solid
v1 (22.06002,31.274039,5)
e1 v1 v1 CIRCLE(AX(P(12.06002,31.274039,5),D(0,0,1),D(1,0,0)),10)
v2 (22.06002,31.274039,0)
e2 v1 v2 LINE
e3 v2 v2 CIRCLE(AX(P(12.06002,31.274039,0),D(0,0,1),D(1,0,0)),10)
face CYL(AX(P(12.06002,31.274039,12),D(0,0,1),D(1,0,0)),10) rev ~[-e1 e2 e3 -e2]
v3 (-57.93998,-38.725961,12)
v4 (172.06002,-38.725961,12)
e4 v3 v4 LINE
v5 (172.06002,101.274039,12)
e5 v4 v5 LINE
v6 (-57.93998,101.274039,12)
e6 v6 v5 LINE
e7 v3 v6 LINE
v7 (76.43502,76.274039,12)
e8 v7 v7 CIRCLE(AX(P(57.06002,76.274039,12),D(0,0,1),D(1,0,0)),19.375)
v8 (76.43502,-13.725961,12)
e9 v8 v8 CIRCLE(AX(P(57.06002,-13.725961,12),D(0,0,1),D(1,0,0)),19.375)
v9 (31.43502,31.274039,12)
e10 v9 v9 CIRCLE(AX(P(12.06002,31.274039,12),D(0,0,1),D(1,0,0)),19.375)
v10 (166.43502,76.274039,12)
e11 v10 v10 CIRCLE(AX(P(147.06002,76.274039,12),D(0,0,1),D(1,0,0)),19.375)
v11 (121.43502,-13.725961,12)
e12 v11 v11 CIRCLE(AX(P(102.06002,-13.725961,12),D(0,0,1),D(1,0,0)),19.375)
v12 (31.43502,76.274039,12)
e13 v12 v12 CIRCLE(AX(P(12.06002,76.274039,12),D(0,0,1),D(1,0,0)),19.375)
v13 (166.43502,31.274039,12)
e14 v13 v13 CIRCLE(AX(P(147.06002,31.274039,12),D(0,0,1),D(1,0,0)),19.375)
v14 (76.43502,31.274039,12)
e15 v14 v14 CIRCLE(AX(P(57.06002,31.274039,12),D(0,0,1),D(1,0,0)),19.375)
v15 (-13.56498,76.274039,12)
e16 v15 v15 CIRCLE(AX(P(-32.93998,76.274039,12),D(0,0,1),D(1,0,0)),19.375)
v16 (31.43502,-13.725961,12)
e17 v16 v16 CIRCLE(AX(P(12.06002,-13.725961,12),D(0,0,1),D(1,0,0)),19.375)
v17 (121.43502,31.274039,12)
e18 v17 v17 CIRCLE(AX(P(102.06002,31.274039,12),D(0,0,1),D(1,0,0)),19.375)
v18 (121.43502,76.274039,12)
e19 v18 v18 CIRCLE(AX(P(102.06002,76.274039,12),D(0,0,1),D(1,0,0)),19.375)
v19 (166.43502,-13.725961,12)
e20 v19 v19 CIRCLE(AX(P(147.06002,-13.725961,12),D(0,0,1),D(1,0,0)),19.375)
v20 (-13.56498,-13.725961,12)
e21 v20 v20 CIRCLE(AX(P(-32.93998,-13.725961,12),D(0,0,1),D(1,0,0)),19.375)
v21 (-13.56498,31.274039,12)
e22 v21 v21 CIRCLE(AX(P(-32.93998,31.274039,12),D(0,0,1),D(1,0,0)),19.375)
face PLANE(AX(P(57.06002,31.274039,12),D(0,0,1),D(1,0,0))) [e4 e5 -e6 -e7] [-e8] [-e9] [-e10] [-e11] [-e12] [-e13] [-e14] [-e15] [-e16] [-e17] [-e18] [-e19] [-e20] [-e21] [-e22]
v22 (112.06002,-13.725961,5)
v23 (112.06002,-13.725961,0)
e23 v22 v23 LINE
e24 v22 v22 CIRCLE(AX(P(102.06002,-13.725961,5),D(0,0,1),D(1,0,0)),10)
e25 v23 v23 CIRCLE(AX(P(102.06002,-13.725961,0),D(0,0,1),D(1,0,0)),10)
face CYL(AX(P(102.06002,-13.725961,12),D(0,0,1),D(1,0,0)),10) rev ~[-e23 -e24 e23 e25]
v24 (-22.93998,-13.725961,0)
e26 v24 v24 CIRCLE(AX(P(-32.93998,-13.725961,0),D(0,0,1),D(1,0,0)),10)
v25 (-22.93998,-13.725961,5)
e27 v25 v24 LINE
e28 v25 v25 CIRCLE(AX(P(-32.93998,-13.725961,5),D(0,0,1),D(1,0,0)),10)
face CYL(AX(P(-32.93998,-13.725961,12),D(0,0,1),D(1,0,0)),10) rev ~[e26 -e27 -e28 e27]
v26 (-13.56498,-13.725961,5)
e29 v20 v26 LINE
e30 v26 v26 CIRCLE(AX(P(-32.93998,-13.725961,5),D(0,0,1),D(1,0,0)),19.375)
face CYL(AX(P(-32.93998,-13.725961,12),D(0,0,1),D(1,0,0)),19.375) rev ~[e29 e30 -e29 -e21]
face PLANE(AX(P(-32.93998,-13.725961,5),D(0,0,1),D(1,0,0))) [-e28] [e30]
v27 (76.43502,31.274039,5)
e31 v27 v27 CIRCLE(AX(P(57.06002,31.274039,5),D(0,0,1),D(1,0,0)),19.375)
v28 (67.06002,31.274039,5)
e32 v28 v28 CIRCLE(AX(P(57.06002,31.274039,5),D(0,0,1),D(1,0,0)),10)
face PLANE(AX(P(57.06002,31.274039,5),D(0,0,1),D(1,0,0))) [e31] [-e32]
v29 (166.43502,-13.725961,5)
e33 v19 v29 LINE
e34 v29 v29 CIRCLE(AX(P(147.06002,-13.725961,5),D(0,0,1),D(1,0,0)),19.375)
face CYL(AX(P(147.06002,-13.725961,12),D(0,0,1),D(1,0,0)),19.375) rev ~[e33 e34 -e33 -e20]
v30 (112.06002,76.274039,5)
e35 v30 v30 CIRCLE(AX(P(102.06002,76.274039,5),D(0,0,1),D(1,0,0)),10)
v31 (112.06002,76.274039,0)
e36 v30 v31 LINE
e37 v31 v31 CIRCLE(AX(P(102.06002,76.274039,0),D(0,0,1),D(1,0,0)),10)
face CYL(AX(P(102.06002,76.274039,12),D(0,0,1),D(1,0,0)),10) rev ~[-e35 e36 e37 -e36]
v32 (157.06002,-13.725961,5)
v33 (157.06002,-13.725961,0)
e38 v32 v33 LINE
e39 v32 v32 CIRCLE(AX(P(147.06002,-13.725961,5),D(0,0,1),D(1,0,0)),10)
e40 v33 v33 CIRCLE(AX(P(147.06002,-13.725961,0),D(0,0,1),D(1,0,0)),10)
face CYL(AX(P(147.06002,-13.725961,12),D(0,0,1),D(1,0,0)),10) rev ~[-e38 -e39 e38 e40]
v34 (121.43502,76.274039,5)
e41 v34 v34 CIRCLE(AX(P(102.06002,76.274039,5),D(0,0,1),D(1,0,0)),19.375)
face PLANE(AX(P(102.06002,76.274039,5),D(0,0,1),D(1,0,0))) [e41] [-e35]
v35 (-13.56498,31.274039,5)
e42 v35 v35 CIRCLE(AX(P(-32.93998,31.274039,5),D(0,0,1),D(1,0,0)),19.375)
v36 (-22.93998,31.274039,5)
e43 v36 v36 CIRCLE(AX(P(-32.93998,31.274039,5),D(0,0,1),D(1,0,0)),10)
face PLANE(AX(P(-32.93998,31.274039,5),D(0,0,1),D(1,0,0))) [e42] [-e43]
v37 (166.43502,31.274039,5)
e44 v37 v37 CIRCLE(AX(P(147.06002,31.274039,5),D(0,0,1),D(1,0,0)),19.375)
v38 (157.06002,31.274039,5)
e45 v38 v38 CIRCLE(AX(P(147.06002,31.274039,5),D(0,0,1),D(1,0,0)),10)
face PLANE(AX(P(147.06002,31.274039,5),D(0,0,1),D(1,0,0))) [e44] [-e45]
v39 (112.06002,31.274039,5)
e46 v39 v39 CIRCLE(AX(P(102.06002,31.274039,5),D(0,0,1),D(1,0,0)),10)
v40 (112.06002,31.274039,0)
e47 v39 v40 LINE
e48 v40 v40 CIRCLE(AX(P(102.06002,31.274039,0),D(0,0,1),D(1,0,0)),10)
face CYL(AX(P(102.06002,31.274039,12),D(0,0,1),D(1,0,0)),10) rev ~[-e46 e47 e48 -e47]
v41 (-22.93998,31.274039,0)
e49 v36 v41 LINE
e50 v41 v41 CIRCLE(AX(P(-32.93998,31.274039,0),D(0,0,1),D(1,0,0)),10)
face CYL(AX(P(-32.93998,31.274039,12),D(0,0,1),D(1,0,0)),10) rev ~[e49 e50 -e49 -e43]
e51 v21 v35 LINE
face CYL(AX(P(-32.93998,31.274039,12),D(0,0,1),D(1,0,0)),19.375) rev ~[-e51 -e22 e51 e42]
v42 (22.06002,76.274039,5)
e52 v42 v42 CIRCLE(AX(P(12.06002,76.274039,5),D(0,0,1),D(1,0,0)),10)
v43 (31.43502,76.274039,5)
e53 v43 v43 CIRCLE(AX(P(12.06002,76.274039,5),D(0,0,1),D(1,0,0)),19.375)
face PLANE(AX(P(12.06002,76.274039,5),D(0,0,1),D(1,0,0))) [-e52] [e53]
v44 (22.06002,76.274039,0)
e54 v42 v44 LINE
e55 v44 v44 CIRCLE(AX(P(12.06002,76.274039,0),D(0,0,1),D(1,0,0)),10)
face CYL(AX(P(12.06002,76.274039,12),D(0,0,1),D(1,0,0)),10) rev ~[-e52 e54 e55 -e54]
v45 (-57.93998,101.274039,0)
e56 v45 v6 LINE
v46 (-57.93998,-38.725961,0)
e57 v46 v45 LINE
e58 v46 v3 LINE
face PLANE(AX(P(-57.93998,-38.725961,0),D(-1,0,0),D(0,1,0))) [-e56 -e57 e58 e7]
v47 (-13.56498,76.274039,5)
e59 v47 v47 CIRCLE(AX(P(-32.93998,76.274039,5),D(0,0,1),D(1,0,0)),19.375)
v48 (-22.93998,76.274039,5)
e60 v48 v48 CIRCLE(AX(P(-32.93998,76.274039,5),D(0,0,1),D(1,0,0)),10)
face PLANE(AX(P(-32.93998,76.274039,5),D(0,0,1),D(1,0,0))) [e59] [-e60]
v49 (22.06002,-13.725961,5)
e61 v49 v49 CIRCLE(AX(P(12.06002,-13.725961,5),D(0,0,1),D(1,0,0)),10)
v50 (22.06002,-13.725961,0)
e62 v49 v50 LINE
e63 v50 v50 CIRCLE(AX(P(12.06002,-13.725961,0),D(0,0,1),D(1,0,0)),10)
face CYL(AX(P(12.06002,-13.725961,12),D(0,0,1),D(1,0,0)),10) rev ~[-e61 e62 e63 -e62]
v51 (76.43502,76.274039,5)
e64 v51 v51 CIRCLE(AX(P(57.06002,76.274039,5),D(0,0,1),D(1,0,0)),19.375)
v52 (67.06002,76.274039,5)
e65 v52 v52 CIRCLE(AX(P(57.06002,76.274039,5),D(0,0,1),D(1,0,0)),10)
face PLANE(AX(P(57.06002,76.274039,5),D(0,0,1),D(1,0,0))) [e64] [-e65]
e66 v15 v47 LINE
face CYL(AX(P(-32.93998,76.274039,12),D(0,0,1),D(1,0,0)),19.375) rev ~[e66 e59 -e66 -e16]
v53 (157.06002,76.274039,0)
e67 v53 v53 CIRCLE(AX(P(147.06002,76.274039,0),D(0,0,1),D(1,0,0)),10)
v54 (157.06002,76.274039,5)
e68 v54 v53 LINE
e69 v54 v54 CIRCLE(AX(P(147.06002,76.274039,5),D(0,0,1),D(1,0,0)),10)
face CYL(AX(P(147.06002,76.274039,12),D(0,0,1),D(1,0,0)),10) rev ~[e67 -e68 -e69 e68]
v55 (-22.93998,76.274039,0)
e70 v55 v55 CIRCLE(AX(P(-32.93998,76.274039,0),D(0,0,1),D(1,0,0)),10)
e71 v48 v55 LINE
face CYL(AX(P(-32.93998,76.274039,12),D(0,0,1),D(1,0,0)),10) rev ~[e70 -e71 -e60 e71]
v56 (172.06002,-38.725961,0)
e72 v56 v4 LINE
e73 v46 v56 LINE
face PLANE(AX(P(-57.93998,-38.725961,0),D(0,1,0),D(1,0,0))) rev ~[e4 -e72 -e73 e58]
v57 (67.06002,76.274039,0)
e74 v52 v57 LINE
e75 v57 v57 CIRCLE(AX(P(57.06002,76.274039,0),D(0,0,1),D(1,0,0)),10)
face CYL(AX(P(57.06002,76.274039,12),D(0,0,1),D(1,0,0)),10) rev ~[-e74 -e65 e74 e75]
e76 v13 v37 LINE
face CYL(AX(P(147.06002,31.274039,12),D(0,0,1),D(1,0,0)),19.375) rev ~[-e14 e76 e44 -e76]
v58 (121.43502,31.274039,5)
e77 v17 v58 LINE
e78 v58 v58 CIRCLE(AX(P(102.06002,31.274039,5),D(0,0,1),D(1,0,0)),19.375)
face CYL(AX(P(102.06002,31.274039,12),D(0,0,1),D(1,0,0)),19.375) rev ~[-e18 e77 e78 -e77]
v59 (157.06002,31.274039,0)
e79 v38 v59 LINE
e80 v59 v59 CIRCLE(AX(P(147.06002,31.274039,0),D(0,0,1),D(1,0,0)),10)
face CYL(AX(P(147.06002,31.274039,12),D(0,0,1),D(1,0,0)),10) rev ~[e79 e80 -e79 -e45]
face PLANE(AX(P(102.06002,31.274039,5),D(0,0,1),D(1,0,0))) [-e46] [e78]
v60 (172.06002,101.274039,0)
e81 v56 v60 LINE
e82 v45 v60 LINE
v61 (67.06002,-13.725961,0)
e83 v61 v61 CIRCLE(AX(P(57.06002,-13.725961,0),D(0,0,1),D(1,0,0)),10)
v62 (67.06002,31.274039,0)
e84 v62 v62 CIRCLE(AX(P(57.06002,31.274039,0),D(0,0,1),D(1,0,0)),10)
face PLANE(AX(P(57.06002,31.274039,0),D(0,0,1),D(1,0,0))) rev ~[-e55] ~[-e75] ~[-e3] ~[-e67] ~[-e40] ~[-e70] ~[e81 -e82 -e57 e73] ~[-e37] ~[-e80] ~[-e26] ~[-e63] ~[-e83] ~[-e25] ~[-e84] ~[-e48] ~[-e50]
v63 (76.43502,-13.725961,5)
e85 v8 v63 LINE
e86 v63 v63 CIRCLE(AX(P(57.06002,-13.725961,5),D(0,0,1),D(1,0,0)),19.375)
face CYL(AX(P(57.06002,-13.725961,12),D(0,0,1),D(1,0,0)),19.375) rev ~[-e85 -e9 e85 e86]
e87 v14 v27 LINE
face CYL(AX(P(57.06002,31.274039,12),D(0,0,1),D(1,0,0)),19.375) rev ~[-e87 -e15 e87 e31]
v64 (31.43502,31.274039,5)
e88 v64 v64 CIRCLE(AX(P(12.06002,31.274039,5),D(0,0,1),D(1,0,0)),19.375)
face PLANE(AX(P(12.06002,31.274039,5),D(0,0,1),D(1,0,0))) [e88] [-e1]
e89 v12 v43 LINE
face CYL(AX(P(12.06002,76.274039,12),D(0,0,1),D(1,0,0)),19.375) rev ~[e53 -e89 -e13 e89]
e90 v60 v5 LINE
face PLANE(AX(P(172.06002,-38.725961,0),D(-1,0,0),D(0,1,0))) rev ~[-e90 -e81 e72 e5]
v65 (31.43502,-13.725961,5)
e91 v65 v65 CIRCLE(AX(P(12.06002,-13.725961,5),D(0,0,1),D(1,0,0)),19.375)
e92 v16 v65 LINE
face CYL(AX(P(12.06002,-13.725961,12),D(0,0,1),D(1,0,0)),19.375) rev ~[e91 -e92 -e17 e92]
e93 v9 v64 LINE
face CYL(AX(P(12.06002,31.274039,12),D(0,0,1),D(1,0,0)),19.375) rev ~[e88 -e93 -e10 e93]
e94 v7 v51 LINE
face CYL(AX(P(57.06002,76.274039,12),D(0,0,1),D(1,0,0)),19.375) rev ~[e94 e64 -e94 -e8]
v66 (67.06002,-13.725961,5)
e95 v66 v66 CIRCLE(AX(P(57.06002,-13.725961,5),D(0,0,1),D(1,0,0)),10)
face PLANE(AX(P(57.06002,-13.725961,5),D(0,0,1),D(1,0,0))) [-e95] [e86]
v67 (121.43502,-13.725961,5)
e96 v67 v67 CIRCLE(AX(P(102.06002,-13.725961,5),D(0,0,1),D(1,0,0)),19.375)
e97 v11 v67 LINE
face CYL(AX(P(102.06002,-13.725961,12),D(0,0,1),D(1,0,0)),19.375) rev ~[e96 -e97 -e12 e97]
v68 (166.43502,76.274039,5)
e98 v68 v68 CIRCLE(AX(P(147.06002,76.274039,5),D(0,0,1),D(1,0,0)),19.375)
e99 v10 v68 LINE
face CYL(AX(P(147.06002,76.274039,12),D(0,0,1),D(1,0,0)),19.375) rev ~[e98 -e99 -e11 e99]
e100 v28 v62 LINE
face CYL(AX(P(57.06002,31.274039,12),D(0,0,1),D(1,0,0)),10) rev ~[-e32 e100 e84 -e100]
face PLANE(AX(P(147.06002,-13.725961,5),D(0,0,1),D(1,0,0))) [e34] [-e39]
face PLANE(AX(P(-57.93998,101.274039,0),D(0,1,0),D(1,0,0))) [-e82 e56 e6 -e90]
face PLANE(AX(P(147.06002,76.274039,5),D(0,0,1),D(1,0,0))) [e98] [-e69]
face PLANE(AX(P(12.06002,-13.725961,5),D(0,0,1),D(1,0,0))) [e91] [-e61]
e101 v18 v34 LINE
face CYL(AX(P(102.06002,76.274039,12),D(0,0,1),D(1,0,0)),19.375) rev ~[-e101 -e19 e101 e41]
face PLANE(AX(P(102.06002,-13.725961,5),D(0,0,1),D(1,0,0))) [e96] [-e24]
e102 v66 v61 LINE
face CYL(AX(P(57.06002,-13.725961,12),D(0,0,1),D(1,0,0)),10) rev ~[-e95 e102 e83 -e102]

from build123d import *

# Parameters (mm, degrees)
F0_W     = 230
F0_H     = 140
F1_DEPTH = 12
F2_R     = 19.375
F2_R_2   = 10
F3_DEPTH = 7
F4_DEPTH = 25


with BuildPart() as f1:
    # F0 (on Top) → F1 (new body)
    with BuildSketch(Plane.XY):
        with Locations((57.0600198209, 31.2740390003)):
            Rectangle(F0_W, F0_H)
    extrude(amount=F1_DEPTH)

    # F2 (on face) → F3 (cut)
    with BuildSketch(Plane.XY.offset(12)):
        with Locations((-32.9399801791, 76.2740390003)):
            Circle(F2_R)
        with Locations((-32.9399801791, 76.2740390003)):
            Circle(F2_R_2, mode=Mode.SUBTRACT)
        with Locations((-32.9399801791, 31.2740390003)):
            Circle(F2_R)
        with Locations((-32.9399801791, 31.2740390003)):
            Circle(F2_R_2, mode=Mode.SUBTRACT)
        with Locations((-32.9399801791, -13.7259609997)):
            Circle(F2_R)
        with Locations((-32.9399801791, -13.7259609997)):
            Circle(F2_R_2, mode=Mode.SUBTRACT)
        with Locations((12.0600198209, -13.7259609997)):
            Circle(F2_R)
        with Locations((12.0600198209, -13.7259609997)):
            Circle(F2_R_2, mode=Mode.SUBTRACT)
        with Locations((12.0600198209, 31.2740390003)):
            Circle(F2_R)
        with Locations((12.0600198209, 31.2740390003)):
            Circle(F2_R_2, mode=Mode.SUBTRACT)
        with Locations((12.0600198209, 76.2740390003)):
            Circle(F2_R)
        with Locations((12.0600198209, 76.2740390003)):
            Circle(F2_R_2, mode=Mode.SUBTRACT)
        with Locations((57.0600198209, 76.2740390003)):
            Circle(F2_R)
        with Locations((57.0600198209, 76.2740390003)):
            Circle(F2_R_2, mode=Mode.SUBTRACT)
        with Locations((57.0600198209, 31.2740390003)):
            Circle(F2_R)
        with Locations((57.0600198209, 31.2740390003)):
            Circle(F2_R_2, mode=Mode.SUBTRACT)
        with Locations((57.0600198209, -13.7259609997)):
            Circle(F2_R)
        with Locations((57.0600198209, -13.7259609997)):
            Circle(F2_R_2, mode=Mode.SUBTRACT)
        with Locations((102.0600198209, -13.7259609997)):
            Circle(F2_R)
        with Locations((102.0600198209, -13.7259609997)):
            Circle(F2_R_2, mode=Mode.SUBTRACT)
        with Locations((102.0600198209, 31.2740390003)):
            Circle(F2_R)
        with Locations((102.0600198209, 31.2740390003)):
            Circle(F2_R_2, mode=Mode.SUBTRACT)
        with Locations((102.0600198209, 76.2740390003)):
            Circle(F2_R)
        with Locations((102.0600198209, 76.2740390003)):
            Circle(F2_R_2, mode=Mode.SUBTRACT)
        with Locations((147.0600198209, 76.2740390003)):
            Circle(F2_R)
        with Locations((147.0600198209, 76.2740390003)):
            Circle(F2_R_2, mode=Mode.SUBTRACT)
        with Locations((147.0600198209, 31.2740390003)):
            Circle(F2_R)
        with Locations((147.0600198209, 31.2740390003)):
            Circle(F2_R_2, mode=Mode.SUBTRACT)
        with Locations((147.0600198209, -13.7259609997)):
            Circle(F2_R)
        with Locations((147.0600198209, -13.7259609997)):
            Circle(F2_R_2, mode=Mode.SUBTRACT)
    extrude(amount=-F3_DEPTH, mode=Mode.SUBTRACT)

    # F4 (cut): faces of the model
    f4_faces = [f1.faces().sort_by_distance(p)[0] for p in [
        (-32.9399801791, 76.2740390003, 12),
        (12.0600198209, 76.2740390003, 12),
        (57.0600198209, 76.2740390003, 12),
        (102.0600198209, 76.2740390003, 12),
        (147.0600198209, 76.2740390003, 12),
        (147.0600198209, 31.2740390003, 12),
        (102.0600198209, 31.2740390003, 12),
        (57.0600198209, 31.2740390003, 12),
        (12.0600198209, 31.2740390003, 12),
        (-32.9399801791, 31.2740390003, 12),
        (-32.9399801791, -13.7259609997, 12),
        (12.0600198209, -13.7259609997, 12),
        (57.0600198209, -13.7259609997, 12),
        (102.0600198209, -13.7259609997, 12),
        (147.0600198209, -13.7259609997, 12),
    ]]
    extrude(f4_faces, amount=-F4_DEPTH, mode=Mode.SUBTRACT)


solid = f1.part
